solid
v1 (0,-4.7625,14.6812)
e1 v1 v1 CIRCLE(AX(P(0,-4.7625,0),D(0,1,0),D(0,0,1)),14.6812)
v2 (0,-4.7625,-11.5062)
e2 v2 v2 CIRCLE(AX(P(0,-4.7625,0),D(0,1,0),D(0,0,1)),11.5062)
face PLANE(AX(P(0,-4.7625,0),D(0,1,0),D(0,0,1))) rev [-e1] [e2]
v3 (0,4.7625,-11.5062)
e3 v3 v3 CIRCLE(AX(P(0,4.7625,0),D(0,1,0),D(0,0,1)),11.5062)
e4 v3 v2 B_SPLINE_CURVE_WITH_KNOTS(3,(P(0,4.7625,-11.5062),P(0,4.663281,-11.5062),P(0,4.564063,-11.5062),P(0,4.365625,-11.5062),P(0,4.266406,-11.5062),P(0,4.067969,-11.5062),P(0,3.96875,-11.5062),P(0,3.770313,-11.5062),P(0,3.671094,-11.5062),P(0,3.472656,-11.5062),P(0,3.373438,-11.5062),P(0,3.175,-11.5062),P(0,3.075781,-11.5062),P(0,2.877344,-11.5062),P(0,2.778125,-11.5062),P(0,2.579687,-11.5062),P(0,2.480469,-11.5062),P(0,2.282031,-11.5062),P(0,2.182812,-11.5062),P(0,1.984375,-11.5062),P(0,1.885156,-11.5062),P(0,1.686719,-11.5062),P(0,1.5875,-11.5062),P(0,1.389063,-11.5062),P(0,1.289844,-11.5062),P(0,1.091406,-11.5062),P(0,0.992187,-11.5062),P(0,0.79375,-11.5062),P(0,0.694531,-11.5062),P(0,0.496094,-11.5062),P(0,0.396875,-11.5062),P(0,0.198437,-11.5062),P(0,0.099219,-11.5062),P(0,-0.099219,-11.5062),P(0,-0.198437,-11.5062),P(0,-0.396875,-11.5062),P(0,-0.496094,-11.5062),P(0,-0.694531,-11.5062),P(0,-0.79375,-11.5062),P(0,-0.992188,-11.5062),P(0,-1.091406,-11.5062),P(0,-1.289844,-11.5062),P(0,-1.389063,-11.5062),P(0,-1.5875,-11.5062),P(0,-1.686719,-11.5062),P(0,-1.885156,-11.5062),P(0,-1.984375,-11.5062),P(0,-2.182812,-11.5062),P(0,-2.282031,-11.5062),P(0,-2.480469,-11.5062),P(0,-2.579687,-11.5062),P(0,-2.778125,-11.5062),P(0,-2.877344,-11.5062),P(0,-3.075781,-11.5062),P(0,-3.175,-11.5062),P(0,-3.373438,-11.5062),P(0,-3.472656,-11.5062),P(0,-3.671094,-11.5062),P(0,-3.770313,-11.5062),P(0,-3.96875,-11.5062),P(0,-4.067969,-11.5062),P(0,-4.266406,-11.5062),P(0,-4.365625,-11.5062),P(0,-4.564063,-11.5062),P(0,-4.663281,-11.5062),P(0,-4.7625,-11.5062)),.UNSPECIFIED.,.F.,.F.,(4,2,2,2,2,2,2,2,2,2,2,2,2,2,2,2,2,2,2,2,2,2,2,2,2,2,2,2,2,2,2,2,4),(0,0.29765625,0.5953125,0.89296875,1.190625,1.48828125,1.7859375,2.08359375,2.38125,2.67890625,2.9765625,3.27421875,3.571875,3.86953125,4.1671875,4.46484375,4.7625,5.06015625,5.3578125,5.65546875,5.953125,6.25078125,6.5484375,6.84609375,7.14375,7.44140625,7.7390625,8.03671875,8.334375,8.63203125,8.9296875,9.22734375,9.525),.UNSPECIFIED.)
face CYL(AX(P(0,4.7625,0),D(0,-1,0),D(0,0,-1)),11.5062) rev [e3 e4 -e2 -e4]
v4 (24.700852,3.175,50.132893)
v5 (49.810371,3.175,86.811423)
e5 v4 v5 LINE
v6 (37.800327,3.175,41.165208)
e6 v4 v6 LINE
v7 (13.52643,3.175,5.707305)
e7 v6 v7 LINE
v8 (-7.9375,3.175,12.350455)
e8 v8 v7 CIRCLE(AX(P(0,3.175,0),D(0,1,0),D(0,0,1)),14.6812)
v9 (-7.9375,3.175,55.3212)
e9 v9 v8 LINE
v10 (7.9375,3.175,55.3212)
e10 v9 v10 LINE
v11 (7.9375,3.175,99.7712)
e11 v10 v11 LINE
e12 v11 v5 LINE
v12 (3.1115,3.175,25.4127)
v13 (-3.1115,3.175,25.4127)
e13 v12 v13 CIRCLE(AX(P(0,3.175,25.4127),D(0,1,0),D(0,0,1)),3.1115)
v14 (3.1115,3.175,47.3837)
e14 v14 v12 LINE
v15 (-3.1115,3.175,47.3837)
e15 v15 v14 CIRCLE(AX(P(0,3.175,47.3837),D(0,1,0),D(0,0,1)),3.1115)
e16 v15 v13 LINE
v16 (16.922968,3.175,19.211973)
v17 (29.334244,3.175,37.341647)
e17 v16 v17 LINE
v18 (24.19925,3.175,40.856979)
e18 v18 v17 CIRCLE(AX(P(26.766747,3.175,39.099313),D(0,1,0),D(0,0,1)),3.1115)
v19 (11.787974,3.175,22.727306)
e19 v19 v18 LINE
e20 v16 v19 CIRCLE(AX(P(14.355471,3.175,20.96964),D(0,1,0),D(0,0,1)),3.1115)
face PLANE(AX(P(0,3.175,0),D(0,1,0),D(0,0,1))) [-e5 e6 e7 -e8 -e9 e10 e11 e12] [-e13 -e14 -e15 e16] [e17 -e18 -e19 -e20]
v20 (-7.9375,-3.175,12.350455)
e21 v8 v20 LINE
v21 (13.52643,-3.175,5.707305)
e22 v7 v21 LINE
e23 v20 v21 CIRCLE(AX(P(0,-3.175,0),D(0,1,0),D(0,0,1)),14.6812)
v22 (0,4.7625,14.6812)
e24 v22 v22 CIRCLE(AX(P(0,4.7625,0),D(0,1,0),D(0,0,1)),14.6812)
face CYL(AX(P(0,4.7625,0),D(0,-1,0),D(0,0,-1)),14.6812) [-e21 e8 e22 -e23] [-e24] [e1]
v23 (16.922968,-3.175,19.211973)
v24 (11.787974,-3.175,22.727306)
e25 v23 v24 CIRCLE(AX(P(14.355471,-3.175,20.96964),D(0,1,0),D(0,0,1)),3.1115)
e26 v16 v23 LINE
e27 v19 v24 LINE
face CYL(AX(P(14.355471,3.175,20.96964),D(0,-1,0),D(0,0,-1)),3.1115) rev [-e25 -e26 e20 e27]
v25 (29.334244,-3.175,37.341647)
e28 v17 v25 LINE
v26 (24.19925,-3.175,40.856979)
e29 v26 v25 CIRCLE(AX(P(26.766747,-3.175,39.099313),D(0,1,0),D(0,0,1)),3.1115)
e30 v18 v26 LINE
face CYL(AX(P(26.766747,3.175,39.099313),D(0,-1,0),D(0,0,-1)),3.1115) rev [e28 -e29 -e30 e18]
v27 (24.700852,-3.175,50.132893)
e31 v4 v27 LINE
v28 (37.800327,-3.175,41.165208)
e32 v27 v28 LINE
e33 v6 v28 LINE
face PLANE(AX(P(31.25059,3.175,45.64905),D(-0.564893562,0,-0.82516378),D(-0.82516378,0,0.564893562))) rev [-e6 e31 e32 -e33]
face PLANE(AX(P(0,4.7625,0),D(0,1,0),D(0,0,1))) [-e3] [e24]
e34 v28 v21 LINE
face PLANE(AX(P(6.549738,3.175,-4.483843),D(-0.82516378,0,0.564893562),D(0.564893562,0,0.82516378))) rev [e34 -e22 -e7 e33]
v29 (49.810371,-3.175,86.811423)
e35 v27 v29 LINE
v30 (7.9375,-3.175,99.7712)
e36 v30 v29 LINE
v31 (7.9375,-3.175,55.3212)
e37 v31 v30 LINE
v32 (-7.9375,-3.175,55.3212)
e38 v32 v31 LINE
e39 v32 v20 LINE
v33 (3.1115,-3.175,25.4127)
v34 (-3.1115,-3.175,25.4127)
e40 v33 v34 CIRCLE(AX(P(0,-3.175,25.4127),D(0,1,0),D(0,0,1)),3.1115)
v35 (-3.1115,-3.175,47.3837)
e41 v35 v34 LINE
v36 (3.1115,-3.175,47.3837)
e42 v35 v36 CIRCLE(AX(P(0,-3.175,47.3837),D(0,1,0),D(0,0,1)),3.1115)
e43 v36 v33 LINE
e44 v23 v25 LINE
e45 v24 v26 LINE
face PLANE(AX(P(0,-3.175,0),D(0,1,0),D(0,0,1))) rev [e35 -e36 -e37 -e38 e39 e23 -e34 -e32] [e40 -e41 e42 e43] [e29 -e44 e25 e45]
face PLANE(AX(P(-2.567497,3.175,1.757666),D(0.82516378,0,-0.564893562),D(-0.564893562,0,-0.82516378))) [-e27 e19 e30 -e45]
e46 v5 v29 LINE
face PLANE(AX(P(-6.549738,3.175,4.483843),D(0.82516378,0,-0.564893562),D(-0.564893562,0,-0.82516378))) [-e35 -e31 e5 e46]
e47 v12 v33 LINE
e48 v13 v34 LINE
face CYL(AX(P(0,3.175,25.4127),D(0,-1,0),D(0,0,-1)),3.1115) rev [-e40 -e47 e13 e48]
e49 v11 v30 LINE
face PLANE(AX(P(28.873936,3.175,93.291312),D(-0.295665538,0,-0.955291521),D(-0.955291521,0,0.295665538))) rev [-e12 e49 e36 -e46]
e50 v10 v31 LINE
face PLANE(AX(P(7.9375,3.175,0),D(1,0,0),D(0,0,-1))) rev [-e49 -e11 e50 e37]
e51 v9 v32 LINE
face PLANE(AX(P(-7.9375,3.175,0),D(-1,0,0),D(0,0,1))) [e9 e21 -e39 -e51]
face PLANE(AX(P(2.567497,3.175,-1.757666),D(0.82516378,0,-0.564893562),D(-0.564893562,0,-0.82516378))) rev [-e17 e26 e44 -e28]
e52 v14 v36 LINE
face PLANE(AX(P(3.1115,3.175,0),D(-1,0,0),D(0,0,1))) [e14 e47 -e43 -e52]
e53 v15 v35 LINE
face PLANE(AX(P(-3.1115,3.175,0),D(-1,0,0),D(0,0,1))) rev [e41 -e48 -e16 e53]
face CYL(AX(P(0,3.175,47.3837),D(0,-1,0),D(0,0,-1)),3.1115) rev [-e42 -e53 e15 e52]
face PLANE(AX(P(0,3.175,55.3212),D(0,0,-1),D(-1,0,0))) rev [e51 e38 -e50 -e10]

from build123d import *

# Parameters (mm, degrees)
SKETCH1_R             = 11.5062
BEARING_EXTRUDE_DEPTH = 4.7625
BOSS_EXTRUDE2_DEPTH   = 3.175


with BuildPart() as part:
    # Sketch1 → Bearing extrude (new, symmetric)
    with BuildSketch(Plane(origin=(0, 0, 0), x_dir=(1, 0, 0), z_dir=(0, 1, 0))):
        with BuildLine():
            ThreePointArc((14.6812, 0), (-7.035822924, 12.885450292), (-7.9375, -12.350454534))
            ThreePointArc((-7.9375, -12.350454534), (4.340724892, -14.024825876), (13.526429759, -5.707305091))
            ThreePointArc((13.526429759, -5.707305091), (14.389611774, -2.911478392), (14.6812, 0))
        make_face()
        Circle(SKETCH1_R, mode=Mode.SUBTRACT)
    extrude(amount=BEARING_EXTRUDE_DEPTH, both=True)

    # Sketch1<5> → Boss-Extrude2 (add, symmetric)
    with BuildSketch(Plane(origin=(0, 0, 0), x_dir=(1, 0, 0), z_dir=(0, 1, 0))):
        with BuildLine():
            Line((-7.9375, -12.350454534), (-7.9375, -55.3212))
            Line((-7.9375, -55.3212), (7.9375, -55.3212))
            Line((7.9375, -55.3212), (7.9375, -99.7712))
            Line((7.9375, -99.7712), (49.810371091, -86.811423139))
            Line((49.810371091, -86.811423139), (24.700852243, -50.132893136))
            Line((24.700852243, -50.132893136), (31.250589743, -45.649050484))
            Line((31.250589743, -45.649050484), (37.800327244, -41.165207833))
            Line((37.800327244, -41.165207833), (13.526429759, -5.707305091))
            ThreePointArc((13.526429759, -5.707305091), (4.340724892, -14.024825876), (-7.9375, -12.350454534))
        make_face()
        with BuildLine():
            ThreePointArc((3.1115, -47.3837), (0, -50.4952), (-3.1115, -47.3837))
            Line((-3.1115, -47.3837), (-3.1115, -25.4127))
            ThreePointArc((-3.1115, -25.4127), (0, -22.3012), (3.1115, -25.4127))
            Line((3.1115, -25.4127), (3.1115, -47.3837))
        make_face(mode=Mode.SUBTRACT)
        with BuildLine():
            ThreePointArc((29.334244192, -37.341646664), (29.825099476, -39.671949821), (28.524413411, -41.666810084))
            ThreePointArc((28.524413411, -41.666810084), (26.194110255, -42.157665367), (24.199249992, -40.856979303))
            Line((24.199249992, -40.856979303), (11.787973533, -22.727305901))
            ThreePointArc((11.787973533, -22.727305901), (12.597804313, -18.402142482), (16.922967733, -19.211973263))
            Line((16.922967733, -19.211973263), (29.334244192, -37.341646664))
        make_face(mode=Mode.SUBTRACT)
    extrude(amount=BOSS_EXTRUDE2_DEPTH, both=True)


solid = part.part
